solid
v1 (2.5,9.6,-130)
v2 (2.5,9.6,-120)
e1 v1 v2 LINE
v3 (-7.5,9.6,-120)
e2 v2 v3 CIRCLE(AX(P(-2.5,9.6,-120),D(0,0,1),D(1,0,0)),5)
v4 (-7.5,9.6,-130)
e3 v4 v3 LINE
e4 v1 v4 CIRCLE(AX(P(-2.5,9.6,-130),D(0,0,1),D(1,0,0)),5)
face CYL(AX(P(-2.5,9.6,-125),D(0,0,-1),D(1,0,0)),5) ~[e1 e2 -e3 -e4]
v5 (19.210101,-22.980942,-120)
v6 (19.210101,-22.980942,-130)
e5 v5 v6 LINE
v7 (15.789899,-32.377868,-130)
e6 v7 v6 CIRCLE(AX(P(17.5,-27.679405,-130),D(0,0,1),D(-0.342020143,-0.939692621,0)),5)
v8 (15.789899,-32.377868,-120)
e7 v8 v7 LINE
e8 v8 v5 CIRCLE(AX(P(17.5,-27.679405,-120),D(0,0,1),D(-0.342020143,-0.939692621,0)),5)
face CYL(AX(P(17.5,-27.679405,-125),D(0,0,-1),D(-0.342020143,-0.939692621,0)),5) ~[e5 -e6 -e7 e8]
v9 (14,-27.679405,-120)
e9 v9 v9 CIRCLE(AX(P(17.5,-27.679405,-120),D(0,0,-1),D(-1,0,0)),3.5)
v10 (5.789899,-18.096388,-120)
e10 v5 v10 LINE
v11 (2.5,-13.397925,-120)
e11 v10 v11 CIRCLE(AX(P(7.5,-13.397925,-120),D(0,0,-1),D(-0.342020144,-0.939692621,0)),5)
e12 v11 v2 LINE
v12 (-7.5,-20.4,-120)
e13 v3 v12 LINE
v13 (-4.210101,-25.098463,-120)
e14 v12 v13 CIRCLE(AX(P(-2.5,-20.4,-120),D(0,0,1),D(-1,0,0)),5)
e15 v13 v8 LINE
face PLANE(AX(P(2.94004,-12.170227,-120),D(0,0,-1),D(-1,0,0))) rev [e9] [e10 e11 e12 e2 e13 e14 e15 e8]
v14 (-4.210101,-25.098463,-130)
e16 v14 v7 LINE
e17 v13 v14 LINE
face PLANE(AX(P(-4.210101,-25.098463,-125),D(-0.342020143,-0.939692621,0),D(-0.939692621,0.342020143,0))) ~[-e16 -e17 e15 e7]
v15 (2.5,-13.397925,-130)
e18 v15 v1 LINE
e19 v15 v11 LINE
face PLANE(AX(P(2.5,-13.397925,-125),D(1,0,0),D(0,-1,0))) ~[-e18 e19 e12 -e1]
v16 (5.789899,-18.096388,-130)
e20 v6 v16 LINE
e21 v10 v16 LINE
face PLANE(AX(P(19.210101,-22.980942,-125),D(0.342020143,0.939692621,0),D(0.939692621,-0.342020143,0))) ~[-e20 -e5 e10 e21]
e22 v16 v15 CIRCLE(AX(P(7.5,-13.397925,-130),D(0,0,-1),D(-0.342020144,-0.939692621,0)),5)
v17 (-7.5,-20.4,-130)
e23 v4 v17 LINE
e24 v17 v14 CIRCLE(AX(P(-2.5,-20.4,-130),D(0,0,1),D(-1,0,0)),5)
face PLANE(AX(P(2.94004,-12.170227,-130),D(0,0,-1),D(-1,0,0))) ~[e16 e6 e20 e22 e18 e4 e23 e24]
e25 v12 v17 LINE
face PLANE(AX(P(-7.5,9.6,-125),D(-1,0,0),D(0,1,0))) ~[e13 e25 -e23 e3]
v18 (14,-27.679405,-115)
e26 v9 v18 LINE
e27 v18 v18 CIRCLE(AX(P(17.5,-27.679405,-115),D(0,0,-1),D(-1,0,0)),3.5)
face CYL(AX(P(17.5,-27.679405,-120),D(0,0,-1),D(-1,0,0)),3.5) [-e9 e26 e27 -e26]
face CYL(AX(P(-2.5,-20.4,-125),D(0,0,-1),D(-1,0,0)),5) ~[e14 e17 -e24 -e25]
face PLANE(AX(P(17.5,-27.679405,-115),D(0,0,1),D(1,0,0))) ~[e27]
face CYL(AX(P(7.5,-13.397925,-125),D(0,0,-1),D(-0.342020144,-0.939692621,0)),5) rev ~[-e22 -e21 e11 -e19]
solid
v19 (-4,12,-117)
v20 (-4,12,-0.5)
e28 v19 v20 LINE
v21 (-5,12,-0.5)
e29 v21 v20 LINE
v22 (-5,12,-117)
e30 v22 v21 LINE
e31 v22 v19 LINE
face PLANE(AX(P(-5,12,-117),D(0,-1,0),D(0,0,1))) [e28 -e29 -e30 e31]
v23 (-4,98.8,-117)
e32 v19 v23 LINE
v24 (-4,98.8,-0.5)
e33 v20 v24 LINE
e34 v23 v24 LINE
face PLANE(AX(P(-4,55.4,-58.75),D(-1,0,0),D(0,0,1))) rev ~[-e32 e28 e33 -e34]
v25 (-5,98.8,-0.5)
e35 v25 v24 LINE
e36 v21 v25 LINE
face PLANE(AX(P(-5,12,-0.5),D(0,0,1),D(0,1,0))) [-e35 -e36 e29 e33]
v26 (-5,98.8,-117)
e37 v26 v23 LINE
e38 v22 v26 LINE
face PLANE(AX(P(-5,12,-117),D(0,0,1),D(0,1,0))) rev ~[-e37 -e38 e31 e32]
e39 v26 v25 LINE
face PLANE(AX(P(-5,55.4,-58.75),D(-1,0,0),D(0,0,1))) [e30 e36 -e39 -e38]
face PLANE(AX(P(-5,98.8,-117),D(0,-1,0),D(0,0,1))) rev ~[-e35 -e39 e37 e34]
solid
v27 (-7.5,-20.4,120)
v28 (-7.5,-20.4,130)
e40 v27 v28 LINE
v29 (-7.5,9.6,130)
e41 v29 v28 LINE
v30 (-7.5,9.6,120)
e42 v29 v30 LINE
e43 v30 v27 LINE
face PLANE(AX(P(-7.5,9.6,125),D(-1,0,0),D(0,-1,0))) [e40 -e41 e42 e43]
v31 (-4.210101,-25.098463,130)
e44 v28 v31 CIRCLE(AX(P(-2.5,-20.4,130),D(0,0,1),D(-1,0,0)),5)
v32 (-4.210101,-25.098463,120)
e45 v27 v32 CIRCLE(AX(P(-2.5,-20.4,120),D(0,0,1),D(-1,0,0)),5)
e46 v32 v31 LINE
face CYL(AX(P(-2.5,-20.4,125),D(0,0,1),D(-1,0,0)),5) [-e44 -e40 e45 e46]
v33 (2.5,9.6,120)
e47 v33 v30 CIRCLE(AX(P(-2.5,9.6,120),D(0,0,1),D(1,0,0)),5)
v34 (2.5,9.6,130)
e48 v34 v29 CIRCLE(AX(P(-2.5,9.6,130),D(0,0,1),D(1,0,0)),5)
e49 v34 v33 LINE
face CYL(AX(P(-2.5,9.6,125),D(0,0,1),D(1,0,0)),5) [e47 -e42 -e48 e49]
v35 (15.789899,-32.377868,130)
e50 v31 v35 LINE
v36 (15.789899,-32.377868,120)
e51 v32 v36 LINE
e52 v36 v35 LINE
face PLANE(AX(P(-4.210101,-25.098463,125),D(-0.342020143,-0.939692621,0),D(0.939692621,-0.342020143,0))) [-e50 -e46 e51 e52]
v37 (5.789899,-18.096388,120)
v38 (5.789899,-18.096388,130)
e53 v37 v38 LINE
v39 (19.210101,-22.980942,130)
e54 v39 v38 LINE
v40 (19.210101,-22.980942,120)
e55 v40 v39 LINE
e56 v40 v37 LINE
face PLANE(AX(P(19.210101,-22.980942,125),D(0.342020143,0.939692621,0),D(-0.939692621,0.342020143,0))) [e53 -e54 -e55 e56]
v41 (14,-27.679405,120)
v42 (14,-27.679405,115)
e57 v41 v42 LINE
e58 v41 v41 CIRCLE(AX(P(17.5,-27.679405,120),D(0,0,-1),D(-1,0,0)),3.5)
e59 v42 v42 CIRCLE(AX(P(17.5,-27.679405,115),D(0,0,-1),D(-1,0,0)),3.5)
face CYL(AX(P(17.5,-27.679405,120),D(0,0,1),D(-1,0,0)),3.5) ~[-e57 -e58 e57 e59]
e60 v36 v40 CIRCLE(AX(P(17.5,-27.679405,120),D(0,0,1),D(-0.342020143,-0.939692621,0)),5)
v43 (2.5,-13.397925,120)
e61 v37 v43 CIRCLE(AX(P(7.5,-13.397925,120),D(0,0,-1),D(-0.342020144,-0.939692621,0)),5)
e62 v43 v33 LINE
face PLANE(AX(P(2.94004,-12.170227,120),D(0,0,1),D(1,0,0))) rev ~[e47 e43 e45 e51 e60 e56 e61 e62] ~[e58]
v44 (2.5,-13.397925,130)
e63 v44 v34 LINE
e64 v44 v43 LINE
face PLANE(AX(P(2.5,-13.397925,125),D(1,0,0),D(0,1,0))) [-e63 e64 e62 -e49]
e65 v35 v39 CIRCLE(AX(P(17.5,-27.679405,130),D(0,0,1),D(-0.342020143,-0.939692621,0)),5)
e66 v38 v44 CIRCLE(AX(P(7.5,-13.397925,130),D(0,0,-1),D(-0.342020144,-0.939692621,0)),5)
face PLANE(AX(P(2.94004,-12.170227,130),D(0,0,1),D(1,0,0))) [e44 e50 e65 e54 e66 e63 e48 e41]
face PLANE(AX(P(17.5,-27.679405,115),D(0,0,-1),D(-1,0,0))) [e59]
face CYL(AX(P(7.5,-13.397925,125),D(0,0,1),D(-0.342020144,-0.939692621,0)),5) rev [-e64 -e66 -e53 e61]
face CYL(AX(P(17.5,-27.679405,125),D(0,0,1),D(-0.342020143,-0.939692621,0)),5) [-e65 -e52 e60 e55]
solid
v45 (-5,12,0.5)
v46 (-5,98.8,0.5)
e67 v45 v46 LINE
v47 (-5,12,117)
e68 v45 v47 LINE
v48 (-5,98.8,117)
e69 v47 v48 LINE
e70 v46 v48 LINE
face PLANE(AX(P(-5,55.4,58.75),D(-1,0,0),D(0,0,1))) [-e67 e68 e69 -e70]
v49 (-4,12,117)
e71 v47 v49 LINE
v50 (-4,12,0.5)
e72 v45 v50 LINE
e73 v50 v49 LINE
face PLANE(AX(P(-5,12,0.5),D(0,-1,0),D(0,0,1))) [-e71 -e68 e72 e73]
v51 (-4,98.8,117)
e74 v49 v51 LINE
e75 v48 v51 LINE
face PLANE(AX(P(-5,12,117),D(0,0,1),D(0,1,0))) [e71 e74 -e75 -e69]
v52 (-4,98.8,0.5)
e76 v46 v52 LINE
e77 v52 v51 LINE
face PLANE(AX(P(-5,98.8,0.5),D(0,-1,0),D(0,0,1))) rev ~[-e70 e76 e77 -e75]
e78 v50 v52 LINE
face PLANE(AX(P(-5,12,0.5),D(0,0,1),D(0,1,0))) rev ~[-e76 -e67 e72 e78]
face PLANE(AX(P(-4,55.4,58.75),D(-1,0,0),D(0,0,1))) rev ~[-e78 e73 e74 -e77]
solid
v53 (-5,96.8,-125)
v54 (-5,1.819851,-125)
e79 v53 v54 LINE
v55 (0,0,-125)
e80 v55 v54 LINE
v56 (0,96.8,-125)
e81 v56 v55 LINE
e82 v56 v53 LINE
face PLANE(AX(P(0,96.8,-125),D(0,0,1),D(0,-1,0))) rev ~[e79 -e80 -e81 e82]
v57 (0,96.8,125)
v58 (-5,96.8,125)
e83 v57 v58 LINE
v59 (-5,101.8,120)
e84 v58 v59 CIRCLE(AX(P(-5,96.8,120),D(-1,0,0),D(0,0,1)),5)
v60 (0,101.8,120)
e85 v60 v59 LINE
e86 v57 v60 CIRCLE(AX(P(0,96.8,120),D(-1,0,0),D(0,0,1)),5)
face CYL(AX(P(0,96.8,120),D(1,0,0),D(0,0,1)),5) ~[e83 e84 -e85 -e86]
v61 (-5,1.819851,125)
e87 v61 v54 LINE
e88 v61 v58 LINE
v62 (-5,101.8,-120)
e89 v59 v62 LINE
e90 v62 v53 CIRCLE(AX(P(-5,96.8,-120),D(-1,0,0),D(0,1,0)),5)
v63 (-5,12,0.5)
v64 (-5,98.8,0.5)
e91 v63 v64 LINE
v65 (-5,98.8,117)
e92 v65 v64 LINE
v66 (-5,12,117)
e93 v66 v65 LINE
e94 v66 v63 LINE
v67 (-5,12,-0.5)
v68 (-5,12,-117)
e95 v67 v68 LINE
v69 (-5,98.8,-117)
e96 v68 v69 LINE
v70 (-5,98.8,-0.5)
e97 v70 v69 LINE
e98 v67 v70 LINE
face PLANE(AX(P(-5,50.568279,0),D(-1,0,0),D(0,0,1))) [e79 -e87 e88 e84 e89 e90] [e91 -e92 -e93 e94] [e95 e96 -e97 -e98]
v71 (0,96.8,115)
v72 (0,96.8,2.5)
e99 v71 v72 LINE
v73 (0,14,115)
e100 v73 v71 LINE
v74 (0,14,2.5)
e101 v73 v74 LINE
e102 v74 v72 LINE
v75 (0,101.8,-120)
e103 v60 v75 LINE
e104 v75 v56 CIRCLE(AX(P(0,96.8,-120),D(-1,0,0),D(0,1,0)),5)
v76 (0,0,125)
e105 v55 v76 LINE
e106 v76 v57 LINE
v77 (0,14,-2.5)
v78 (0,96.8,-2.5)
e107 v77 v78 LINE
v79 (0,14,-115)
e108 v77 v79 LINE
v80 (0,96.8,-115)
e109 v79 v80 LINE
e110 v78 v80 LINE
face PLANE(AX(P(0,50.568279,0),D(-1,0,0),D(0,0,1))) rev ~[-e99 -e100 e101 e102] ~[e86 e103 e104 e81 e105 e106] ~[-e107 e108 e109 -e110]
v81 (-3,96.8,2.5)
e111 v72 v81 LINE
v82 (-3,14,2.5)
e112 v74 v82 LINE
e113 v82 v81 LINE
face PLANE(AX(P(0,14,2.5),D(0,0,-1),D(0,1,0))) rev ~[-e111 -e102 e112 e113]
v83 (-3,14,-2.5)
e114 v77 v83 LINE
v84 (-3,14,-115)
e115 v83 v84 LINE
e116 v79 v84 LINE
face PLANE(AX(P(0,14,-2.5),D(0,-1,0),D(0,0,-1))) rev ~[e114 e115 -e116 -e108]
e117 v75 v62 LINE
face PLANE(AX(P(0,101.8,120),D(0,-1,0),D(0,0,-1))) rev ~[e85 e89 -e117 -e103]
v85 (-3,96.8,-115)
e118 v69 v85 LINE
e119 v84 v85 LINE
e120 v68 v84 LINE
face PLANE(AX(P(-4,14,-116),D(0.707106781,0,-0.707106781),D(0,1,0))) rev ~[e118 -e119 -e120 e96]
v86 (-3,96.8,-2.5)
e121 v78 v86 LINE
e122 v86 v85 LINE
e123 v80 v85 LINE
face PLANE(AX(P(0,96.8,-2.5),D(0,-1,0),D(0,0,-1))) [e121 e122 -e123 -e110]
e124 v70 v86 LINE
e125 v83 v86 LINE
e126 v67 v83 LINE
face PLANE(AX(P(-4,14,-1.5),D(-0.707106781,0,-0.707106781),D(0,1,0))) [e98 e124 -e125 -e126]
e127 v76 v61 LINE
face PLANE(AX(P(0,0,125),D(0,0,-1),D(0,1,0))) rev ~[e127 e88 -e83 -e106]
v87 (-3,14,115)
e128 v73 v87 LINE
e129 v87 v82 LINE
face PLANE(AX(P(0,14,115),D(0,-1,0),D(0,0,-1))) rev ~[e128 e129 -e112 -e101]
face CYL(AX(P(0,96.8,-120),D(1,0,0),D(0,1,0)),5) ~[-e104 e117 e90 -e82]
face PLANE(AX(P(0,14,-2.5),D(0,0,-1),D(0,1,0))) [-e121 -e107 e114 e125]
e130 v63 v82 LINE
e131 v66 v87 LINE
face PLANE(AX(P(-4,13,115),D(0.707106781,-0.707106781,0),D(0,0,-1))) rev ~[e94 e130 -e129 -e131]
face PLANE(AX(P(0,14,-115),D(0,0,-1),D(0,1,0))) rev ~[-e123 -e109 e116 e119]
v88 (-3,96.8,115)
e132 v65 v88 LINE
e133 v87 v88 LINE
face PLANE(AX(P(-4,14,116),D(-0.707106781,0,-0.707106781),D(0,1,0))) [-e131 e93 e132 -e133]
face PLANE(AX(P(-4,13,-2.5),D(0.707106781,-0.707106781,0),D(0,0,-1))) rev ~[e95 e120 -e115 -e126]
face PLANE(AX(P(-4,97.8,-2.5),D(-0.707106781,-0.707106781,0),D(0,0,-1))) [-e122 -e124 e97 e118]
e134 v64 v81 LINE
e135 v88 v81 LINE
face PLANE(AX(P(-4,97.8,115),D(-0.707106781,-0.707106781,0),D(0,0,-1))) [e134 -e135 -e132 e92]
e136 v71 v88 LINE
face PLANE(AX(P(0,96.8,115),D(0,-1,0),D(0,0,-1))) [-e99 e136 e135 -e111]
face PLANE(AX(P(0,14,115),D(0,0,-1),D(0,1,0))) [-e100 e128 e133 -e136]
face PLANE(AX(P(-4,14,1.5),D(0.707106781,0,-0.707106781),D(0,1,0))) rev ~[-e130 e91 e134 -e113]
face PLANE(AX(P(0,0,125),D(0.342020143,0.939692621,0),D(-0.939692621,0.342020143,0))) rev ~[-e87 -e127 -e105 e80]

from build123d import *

# Parameters (mm, degrees)
SKETCH1_W             = 112.5
SKETCH1_H             = 82.8
BOSS_EXTRUDE1_DEPTH   = 5
CUT_EXTRUDE1_DEPTH    = 270.978221344
BOSS_EXTRUDE2_DEPTH   = 5
SKETCH4_R             = 3.5
BOSS_EXTRUDE3_DEPTH   = 5
CHAMFER3_SIZE         = 2
SKETCH6_W             = 116.5
SKETCH6_H             = 86.8
BOSS_EXTRUDE4_DEPTH   = 1
BOSS_EXTRUDE4_2_DEPTH = 1


with BuildPart() as part:
    # Sketch1 → Boss-Extrude1 (new body)
    with BuildSketch(Plane(origin=(0, 0, 0), x_dir=(0, 0, -1), z_dir=(1, 0, 0))):
        with BuildLine():
            Line((-120, 101.8), (120, 101.8))
            ThreePointArc((120, 101.8), (123.535533906, 100.335533906), (125, 96.8))
            Line((125, 96.8), (125, 0))
            Line((125, 0), (-125, 0))
            Line((-125, 0), (-125, 96.8))
            ThreePointArc((-125, 96.8), (-123.535533906, 100.335533906), (-120, 101.8))
        make_face()
        with Locations((58.75, 55.4)):
            Rectangle(SKETCH1_W, SKETCH1_H, mode=Mode.SUBTRACT)
        with Locations((-58.75, 55.4)):
            Rectangle(SKETCH1_W, SKETCH1_H, mode=Mode.SUBTRACT)
    extrude(amount=-BOSS_EXTRUDE1_DEPTH)

    # Sketch2 → Cut-Extrude1 (cut, through all)
    with BuildSketch(Plane.XY.offset(125)):
        Polygon((-5, 0), (0, 0), (-5, 1.819851171), align=None)
    extrude(amount=-CUT_EXTRUDE1_DEPTH, mode=Mode.SUBTRACT)

    # Chamfer3
    chamfer3_edges = [part.edges().sort_by_distance(p)[0] for p in [
        (-5, 55.4, 115),
        (-5, 96.8, 58.75),
        (-5, 55.4, 2.5),
        (-5, 14, 58.75),
        (-5, 55.4, -115),
        (-5, 14, -58.75),
        (-5, 55.4, -2.5),
        (-5, 96.8, -58.75),
    ]]
    chamfer(chamfer3_edges, length=CHAMFER3_SIZE)


with BuildPart() as body_2:
    # Sketch3 → Boss-Extrude2 (new, symmetric)
    with BuildSketch(Plane.XY.offset(125)):
        with BuildLine():
            Line((-7.5, 9.6), (-7.5, -20.4))
            ThreePointArc((-7.5, -20.4), (-6.595760221, -23.267882182), (-4.210100717, -25.098463104))
            Line((-4.210100717, -25.098463104), (15.789899283, -32.377867789))
            ThreePointArc((15.789899283, -32.377867789), (22.198463104, -29.389505402), (19.210100717, -22.980941581))
            Line((19.210100717, -22.980941581), (5.789899283, -18.096387722))
            ThreePointArc((5.789899283, -18.096387722), (3.404239779, -16.2658068), (2.5, -13.397924618))
            Line((2.5, -13.397924618), (2.5, 9.6))
            ThreePointArc((2.5, 9.6), (-2.5, 14.6), (-7.5, 9.6))
        make_face()
    extrude(amount=BOSS_EXTRUDE2_DEPTH, both=True)

    # Sketch4 → Boss-Extrude3 (add)
    with BuildSketch(Plane(origin=(0, 0, 120), x_dir=(-1, 0, 0), z_dir=(0, 0, -1))):
        with Locations((-17.5, -27.679404685)):
            Circle(SKETCH4_R)
    extrude(amount=BOSS_EXTRUDE3_DEPTH)


with BuildPart() as body_3:
    # Mirror1: mirrored copy
    add(body_2.part.mirror(Plane.XY))


with BuildPart() as body_4:
    # Sketch6 → Boss-Extrude4 (new body)
    with BuildSketch(Plane.ZY.offset(5)):
        with Locations((58.75, 55.4)):
            Rectangle(SKETCH6_W, SKETCH6_H)
    extrude(amount=-BOSS_EXTRUDE4_DEPTH)


with BuildPart() as body_5:
    # Sketch6 → Boss-Extrude4 2 (new body)
    with BuildSketch(Plane.ZY.offset(5)):
        with Locations((-58.75, 55.4)):
            Rectangle(SKETCH6_W, SKETCH6_H)
    extrude(amount=-BOSS_EXTRUDE4_2_DEPTH)


solid = Compound([part.part, body_2.part, body_3.part, body_4.part, body_5.part])
